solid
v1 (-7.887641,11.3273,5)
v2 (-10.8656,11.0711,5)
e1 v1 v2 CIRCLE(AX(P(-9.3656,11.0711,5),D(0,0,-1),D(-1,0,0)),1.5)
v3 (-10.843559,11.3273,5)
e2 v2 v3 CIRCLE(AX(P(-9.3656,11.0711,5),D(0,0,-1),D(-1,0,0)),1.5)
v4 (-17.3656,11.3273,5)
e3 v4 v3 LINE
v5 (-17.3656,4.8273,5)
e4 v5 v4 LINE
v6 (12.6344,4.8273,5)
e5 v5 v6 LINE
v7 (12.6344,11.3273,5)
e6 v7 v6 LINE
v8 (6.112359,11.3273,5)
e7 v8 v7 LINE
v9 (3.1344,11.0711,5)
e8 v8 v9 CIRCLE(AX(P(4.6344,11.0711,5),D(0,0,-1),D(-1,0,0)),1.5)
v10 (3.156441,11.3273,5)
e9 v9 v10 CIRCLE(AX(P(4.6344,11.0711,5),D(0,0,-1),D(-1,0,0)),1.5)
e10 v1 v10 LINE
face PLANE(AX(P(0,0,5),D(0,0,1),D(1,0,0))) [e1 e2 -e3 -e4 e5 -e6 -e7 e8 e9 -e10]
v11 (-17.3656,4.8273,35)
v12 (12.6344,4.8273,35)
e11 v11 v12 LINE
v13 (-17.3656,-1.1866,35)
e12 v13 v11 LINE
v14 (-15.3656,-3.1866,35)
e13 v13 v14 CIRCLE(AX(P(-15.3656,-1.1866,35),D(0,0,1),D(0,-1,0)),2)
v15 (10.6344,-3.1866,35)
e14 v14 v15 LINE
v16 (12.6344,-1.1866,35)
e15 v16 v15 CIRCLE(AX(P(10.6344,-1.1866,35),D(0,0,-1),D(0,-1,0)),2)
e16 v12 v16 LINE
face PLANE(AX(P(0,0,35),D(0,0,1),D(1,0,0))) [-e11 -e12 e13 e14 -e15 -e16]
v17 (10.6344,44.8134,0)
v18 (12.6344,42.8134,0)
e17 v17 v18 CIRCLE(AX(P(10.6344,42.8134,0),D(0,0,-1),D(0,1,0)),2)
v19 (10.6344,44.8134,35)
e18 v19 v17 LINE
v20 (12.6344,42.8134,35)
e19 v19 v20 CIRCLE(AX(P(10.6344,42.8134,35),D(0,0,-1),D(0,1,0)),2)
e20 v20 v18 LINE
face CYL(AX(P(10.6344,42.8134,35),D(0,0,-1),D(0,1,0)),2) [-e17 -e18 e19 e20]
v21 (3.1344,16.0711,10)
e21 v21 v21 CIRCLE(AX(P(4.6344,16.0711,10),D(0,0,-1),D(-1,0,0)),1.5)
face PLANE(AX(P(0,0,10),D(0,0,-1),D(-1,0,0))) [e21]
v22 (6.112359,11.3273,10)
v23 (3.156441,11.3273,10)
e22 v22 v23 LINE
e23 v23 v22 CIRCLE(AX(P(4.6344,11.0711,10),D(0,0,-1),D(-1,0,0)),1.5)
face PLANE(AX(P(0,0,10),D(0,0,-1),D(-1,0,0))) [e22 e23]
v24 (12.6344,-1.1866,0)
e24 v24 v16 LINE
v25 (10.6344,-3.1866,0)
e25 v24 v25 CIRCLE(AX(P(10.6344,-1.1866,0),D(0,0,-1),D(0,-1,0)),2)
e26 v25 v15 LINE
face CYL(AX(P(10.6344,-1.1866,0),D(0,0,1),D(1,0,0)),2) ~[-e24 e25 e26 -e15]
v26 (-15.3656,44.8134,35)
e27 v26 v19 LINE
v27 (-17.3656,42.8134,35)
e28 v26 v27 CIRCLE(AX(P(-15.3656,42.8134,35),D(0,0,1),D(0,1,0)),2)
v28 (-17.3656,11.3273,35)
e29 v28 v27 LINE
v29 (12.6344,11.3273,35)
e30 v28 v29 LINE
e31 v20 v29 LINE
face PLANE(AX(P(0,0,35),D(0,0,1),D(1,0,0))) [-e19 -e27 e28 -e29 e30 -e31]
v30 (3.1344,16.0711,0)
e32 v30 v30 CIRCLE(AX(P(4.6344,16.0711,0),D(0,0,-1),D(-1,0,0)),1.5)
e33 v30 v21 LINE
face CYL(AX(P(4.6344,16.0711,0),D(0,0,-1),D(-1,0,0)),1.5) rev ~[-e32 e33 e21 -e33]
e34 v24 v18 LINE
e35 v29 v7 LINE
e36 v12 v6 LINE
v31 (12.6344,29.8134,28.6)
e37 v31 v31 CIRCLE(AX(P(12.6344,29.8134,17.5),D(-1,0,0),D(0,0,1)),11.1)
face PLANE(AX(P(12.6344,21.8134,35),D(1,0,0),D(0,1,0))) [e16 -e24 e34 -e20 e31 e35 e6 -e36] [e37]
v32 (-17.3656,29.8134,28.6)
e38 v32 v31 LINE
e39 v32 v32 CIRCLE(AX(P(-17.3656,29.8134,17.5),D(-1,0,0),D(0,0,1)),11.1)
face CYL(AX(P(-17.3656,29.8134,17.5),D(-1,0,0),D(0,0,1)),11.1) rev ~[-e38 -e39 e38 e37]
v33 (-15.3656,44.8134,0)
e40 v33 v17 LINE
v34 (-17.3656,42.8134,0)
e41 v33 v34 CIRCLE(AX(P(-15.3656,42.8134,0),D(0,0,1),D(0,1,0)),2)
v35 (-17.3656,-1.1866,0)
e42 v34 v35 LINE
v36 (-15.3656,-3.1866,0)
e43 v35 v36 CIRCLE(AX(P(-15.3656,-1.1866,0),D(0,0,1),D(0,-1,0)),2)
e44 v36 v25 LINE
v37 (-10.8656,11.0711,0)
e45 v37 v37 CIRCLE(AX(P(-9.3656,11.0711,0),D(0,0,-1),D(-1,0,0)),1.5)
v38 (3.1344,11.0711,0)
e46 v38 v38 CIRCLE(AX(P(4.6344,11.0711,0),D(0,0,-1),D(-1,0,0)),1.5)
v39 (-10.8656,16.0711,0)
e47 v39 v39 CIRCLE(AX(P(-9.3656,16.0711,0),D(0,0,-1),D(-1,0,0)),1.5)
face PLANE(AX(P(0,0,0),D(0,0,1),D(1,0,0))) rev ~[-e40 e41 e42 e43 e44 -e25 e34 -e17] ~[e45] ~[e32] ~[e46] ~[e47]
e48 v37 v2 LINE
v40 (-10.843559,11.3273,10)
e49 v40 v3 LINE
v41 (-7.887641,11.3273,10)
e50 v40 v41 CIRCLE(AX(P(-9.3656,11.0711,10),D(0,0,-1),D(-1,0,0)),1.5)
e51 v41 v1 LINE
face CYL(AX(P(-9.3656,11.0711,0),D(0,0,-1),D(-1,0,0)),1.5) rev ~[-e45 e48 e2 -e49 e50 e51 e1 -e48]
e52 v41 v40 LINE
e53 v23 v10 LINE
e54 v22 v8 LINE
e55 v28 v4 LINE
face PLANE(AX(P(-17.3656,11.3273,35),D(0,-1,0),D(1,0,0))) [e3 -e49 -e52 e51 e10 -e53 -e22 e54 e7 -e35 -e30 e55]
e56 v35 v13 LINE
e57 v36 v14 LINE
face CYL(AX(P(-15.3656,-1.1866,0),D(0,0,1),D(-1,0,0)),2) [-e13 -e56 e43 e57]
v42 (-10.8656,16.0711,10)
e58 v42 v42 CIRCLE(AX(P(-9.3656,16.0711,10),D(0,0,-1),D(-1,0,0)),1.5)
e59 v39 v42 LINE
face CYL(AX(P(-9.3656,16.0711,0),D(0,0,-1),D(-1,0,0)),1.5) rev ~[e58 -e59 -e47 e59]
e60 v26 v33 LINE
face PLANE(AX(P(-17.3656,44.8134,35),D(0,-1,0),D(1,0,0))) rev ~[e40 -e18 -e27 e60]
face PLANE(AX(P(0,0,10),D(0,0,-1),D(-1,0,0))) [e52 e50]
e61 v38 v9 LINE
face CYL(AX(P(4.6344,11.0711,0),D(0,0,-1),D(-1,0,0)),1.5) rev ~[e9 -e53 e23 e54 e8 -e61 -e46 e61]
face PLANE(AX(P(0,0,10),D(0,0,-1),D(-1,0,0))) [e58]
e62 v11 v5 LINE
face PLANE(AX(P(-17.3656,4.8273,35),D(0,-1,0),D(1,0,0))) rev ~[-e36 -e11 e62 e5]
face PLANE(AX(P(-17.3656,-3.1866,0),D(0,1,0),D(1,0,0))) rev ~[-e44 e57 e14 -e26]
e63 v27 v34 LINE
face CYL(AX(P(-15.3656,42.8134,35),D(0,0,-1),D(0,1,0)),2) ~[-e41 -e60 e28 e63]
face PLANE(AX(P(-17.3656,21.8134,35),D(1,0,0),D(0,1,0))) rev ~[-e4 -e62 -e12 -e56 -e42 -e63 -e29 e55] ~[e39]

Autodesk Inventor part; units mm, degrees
ref_plane "YZ Plane" through (0, 0, 0) normal (1, 0, 0) x (0, 1, 0)
ref_plane "XZ Plane" through (0, 0, 0) normal (0, 1, 0) x (-1, 0, 0)
sketch "Sketch1" plane through (0, 0, 0) normal (0, 0, 1) x (1, 0, 0)
  line L0 (-17.3656, -3.1866) -> (12.6344, -3.1866)
  line L1 (12.6344, -3.1866) -> (12.6344, 9.8134)
  line L2 (12.6344, 9.8134) -> (-17.3656, 9.8134)
  line L3 (-17.3656, 9.8134) -> (-17.3656, -3.1866)
  point P0 (0, 0)
  dimension "d0" = 30
  dimension "d1" = 13
extrude "Extrusion1" add sketch "Sketch1" along normal blind 35
sketch "Sketch2" plane through (0, 0, 35) normal (0, 0, 1) x (1, 0, 0)
  point P0 (0, 0)
sketch "Sketch3" plane through (0, 0, 35) normal (0, 0, 1) x (1, 0, 0)
  line L0 (-24.8388, 28.6624) -> (-24.5328, 28.6624)
  line L1 (12.6344, -3.1866) -> (12.6344, 9.8134) projected
  line L2 (-17.3656, 9.8134) -> (-17.3656, -3.1866) projected
  line L3 (-17.3656, 11.3273) -> (-17.3656, 4.8273)
  line L4 (15.1579, 11.3273) -> (15.1579, 4.8273)
  line L5 (-17.3656, 4.8273) -> (15.1579, 4.8273)
  line L6 (-17.3656, 11.3273) -> (15.1579, 11.3273)
  line L7 (-43.7964, 23.1681) -> (-44.8479, 23.9265)
  line L8 (-44.8479, 23.9265) -> (-43.7964, 23.1681)
  line L9 (-42.6813, 23.9265) -> (-43.7964, 23.1681)
  line L10 (-44.8479, 23.9265) -> (-45.923, 23.1739)
  line L11 (-41.5979, 23.1681) -> (-42.6813, 23.9265)
  line L12 (-40.5146, 23.9265) -> (-41.5979, 23.1681)
  line L13 (-38.3479, 23.9265) -> (-37.2646, 23.1681)
  line L14 (-37.2646, 23.1681) -> (-38.3479, 23.9265)
  line L15 (-40.5146, 23.9265) -> (-39.4313, 23.1681)
  line L16 (-38.3479, 23.9265) -> (-39.4313, 23.1681)
  line L17 (-39.4313, 23.1681) -> (-40.5146, 23.9265)
  line L18 (-30.7646, 23.1681) -> (-29.6813, 23.9265)
  line L19 (-29.6813, 23.9265) -> (-30.7646, 23.1681)
  line L20 (-31.8479, 23.9265) -> (-30.7646, 23.1681)
  line L21 (-32.9313, 23.1681) -> (-31.8479, 23.9265)
  line L22 (-36.1813, 23.9265) -> (-35.0979, 23.1681)
  line L23 (-34.0146, 23.9265) -> (-35.0979, 23.1681)
  line L24 (-35.0979, 23.1681) -> (-34.0146, 23.9265)
  line L25 (-34.0146, 23.9265) -> (-32.9313, 23.1681)
  line L26 (-36.1813, 23.9265) -> (-37.2646, 23.1681)
  line L27 (-29.6813, 23.9265) -> (-28.5979, 23.1681)
  line L28 (-14.5146, 23.9265) -> (-13.3995, 23.1739)
  line L29 (-15.5979, 23.1681) -> (-14.5146, 23.9265)
  line L30 (-16.6813, 23.9265) -> (-15.5979, 23.1681)
  line L31 (-16.6813, 23.9265) -> (-17.7646, 23.1681)
  line L32 (-17.7646, 23.1681) -> (-16.6813, 23.9265)
  line L33 (-18.8479, 23.9265) -> (-17.7646, 23.1681)
  line L34 (-18.8479, 23.9265) -> (-19.9313, 23.1681)
  line L35 (-19.9313, 23.1681) -> (-18.8479, 23.9265)
  line L36 (-21.0146, 23.9265) -> (-19.9313, 23.1681)
  line L37 (-21.0146, 23.9265) -> (-22.0979, 23.1681)
  line L38 (-23.1813, 23.9265) -> (-22.0979, 23.1681)
  line L39 (-22.0979, 23.1681) -> (-23.1813, 23.9265)
  line L40 (-23.1813, 23.9265) -> (-24.2646, 23.1681)
  line L41 (-24.2646, 23.1681) -> (-25.3479, 23.9265)
  line L42 (-26.4313, 23.1681) -> (-27.5146, 23.9265)
  line L43 (-27.5146, 23.9265) -> (-26.4313, 23.1681)
  line L44 (-25.3479, 23.9265) -> (-26.4313, 23.1681)
  line L45 (-27.5146, 23.9265) -> (-28.5979, 23.1681)
  line L46 (-45.923, 23.1739) -> (-45.923, 16.6739)
  line L47 (-13.3995, 23.1739) -> (-13.3995, 16.6739)
  line L48 (-45.923, 16.6739) -> (-13.3995, 16.6739)
  line L49 (-45.923, 23.1739) -> (-13.3995, 23.1739)
  point P0 (-17.3656, 7.8134)
  point P1 (10.6344, 9.8134)
  point P2 (-15.3656, 9.8134)
  point P3 (-17.3656, 2.7291)
  point P4 (15.1344, 5.7756)
  point P5 (-17.3656, 5.5444)
  point P6 (-17.3656, 2.7304)
  point P7 (12.6344, 4.8273)
  point P8 (-17.3656, 9.8134)
  point P9 (-45.923, 19.66)
  point P10 (-17.923, 21.66)
  point P11 (-43.923, 21.66)
  point P12 (-45.923, 21.66)
  point P13 (-15.923, 21.66)
  point P14 (-37.2646, 23.1828)
  point P15 (-19.9313, 23.1828)
  point P16 (-45.923, 17.391)
  dimension "d79" = 6.5
fillet "Fillet2" radius 2 2 edges at (-17.3656, -3.1866, 17.5) (12.6344, -3.1866, 17.5)
sketch "Sketch5" plane through (0, 0, 35) normal (0, 0, 1) x (1, 0, 0)
  line L0 (-17.3656, 0.1134) -> (-17.3656, 5.1134) projected
  line L1 (-17.3656, 21.8134) -> (-17.3656, 25.9634) construction
  line L2 (12.6344, 9.8134) -> (-17.3656, 9.8134) construction
  line L3 (-17.3656, 44.8134) -> (12.6344, 44.8134)
  line L4 (12.6344, 21.8134) -> (12.6344, 44.8134)
  line L5 (-17.3656, 9.8134) -> (12.6344, 9.8134) construction
  line L6 (-17.3656, 21.8134) -> (-17.3656, 44.8134)
  line L7 (12.6344, 9.8134) -> (-17.3656, 9.8134)
  line L8 (-17.3656, 21.8134) -> (-17.3656, 9.8134)
  line L9 (12.6344, 21.8134) -> (12.6344, 9.8134)
  line L10 (12.6344, 9.8134) -> (2.6344, 9.8134)
  point P0 (0, 0)
  point P1 (-17.3656, 2.6134)
  dimension "d15" = 23.35
  dimension "d17" = 35
  dimension "d20" = 30
  dimension "d21" = 10
extrude "Extrusion4" add sketch "Sketch5" against normal blind 35
ref_plane "Work Plane4" through (-17.3656, 0.1134, 28.8) normal (-1, 0, 0) x (0, 0, 1)
sketch "Sketch6" plane through (-17.3656, 0.1134, 28.8) normal (-1, 0, 0) x (0, 0, 1)
  line L0 (6.2, 44.7) -> (6.2, 5) projected
  line L1 (6.2, 29.7) -> (-11.3, 29.7) construction
  line L2 (6.2, 29.7) -> (23.7, 29.7) construction
  circle A0 centre (-11.3, 29.7) radius 11.1
  line L3 (6.2, 44.7) -> (-28.8, 44.7) projected
  point P0 (-28.8, -0.1134)
  point P1 (6.2, 27.7)
  dimension "d24" = 17.5
  dimension "d25" = 180
  dimension "d26" = 22.2
  dimension "d58" = 15
fillet "Fillet3" radius 2 2 edges at (-17.3656, 44.8134, 17.5) (12.6344, 44.8134, 17.5)
extrude "Extrusion7" cut sketch "Sketch6" against normal blind 35
sketch "Sketch8" plane through (0, 0, 0) normal (0, 0, -1) x (-1, 0, 0)
  circle A0 centre (-4.6344, 11.0711) radius 1.5 projected
  circle A1 centre (-4.6344, 11.0711) radius 1.5
  circle A2 centre (-4.6344, 16.0711) radius 1.5 projected
  circle A3 centre (-4.6344, 16.0711) radius 1.5
  circle A4 centre (9.3656, 16.0711) radius 1.5 projected
  circle A5 centre (9.3656, 16.0711) radius 1.5
  circle A6 centre (9.3656, 11.0711) radius 1.5 projected
  circle A7 centre (9.3656, 11.0711) radius 1.5
  point P0 (0, 0)
extrude "Extrusion8" cut sketch "Sketch8" against normal blind 10
sketch "Sketch9" plane through (0, 0, 35) normal (0, 0, 1) x (1, 0, 0)
  point P0 (0, 0)
extrude "Extrusion14" cut sketch "Sketch3" against normal blind 30 contours L3 L6 L4 L5 L2
thread "Thread1" size "M3x0.5" class "6H" standard "ANSI Metric M Profile" full length
thread "Thread2" size "M3x0.5" class "6H" standard "ANSI Metric M Profile" full length
thread "Thread3" size "M3x0.5" class "6H" standard "ANSI Metric M Profile" full length
thread "Thread4" size "M3x0.5" class "6H" standard "ANSI Metric M Profile" full length
properties part number "Beltclamp"
